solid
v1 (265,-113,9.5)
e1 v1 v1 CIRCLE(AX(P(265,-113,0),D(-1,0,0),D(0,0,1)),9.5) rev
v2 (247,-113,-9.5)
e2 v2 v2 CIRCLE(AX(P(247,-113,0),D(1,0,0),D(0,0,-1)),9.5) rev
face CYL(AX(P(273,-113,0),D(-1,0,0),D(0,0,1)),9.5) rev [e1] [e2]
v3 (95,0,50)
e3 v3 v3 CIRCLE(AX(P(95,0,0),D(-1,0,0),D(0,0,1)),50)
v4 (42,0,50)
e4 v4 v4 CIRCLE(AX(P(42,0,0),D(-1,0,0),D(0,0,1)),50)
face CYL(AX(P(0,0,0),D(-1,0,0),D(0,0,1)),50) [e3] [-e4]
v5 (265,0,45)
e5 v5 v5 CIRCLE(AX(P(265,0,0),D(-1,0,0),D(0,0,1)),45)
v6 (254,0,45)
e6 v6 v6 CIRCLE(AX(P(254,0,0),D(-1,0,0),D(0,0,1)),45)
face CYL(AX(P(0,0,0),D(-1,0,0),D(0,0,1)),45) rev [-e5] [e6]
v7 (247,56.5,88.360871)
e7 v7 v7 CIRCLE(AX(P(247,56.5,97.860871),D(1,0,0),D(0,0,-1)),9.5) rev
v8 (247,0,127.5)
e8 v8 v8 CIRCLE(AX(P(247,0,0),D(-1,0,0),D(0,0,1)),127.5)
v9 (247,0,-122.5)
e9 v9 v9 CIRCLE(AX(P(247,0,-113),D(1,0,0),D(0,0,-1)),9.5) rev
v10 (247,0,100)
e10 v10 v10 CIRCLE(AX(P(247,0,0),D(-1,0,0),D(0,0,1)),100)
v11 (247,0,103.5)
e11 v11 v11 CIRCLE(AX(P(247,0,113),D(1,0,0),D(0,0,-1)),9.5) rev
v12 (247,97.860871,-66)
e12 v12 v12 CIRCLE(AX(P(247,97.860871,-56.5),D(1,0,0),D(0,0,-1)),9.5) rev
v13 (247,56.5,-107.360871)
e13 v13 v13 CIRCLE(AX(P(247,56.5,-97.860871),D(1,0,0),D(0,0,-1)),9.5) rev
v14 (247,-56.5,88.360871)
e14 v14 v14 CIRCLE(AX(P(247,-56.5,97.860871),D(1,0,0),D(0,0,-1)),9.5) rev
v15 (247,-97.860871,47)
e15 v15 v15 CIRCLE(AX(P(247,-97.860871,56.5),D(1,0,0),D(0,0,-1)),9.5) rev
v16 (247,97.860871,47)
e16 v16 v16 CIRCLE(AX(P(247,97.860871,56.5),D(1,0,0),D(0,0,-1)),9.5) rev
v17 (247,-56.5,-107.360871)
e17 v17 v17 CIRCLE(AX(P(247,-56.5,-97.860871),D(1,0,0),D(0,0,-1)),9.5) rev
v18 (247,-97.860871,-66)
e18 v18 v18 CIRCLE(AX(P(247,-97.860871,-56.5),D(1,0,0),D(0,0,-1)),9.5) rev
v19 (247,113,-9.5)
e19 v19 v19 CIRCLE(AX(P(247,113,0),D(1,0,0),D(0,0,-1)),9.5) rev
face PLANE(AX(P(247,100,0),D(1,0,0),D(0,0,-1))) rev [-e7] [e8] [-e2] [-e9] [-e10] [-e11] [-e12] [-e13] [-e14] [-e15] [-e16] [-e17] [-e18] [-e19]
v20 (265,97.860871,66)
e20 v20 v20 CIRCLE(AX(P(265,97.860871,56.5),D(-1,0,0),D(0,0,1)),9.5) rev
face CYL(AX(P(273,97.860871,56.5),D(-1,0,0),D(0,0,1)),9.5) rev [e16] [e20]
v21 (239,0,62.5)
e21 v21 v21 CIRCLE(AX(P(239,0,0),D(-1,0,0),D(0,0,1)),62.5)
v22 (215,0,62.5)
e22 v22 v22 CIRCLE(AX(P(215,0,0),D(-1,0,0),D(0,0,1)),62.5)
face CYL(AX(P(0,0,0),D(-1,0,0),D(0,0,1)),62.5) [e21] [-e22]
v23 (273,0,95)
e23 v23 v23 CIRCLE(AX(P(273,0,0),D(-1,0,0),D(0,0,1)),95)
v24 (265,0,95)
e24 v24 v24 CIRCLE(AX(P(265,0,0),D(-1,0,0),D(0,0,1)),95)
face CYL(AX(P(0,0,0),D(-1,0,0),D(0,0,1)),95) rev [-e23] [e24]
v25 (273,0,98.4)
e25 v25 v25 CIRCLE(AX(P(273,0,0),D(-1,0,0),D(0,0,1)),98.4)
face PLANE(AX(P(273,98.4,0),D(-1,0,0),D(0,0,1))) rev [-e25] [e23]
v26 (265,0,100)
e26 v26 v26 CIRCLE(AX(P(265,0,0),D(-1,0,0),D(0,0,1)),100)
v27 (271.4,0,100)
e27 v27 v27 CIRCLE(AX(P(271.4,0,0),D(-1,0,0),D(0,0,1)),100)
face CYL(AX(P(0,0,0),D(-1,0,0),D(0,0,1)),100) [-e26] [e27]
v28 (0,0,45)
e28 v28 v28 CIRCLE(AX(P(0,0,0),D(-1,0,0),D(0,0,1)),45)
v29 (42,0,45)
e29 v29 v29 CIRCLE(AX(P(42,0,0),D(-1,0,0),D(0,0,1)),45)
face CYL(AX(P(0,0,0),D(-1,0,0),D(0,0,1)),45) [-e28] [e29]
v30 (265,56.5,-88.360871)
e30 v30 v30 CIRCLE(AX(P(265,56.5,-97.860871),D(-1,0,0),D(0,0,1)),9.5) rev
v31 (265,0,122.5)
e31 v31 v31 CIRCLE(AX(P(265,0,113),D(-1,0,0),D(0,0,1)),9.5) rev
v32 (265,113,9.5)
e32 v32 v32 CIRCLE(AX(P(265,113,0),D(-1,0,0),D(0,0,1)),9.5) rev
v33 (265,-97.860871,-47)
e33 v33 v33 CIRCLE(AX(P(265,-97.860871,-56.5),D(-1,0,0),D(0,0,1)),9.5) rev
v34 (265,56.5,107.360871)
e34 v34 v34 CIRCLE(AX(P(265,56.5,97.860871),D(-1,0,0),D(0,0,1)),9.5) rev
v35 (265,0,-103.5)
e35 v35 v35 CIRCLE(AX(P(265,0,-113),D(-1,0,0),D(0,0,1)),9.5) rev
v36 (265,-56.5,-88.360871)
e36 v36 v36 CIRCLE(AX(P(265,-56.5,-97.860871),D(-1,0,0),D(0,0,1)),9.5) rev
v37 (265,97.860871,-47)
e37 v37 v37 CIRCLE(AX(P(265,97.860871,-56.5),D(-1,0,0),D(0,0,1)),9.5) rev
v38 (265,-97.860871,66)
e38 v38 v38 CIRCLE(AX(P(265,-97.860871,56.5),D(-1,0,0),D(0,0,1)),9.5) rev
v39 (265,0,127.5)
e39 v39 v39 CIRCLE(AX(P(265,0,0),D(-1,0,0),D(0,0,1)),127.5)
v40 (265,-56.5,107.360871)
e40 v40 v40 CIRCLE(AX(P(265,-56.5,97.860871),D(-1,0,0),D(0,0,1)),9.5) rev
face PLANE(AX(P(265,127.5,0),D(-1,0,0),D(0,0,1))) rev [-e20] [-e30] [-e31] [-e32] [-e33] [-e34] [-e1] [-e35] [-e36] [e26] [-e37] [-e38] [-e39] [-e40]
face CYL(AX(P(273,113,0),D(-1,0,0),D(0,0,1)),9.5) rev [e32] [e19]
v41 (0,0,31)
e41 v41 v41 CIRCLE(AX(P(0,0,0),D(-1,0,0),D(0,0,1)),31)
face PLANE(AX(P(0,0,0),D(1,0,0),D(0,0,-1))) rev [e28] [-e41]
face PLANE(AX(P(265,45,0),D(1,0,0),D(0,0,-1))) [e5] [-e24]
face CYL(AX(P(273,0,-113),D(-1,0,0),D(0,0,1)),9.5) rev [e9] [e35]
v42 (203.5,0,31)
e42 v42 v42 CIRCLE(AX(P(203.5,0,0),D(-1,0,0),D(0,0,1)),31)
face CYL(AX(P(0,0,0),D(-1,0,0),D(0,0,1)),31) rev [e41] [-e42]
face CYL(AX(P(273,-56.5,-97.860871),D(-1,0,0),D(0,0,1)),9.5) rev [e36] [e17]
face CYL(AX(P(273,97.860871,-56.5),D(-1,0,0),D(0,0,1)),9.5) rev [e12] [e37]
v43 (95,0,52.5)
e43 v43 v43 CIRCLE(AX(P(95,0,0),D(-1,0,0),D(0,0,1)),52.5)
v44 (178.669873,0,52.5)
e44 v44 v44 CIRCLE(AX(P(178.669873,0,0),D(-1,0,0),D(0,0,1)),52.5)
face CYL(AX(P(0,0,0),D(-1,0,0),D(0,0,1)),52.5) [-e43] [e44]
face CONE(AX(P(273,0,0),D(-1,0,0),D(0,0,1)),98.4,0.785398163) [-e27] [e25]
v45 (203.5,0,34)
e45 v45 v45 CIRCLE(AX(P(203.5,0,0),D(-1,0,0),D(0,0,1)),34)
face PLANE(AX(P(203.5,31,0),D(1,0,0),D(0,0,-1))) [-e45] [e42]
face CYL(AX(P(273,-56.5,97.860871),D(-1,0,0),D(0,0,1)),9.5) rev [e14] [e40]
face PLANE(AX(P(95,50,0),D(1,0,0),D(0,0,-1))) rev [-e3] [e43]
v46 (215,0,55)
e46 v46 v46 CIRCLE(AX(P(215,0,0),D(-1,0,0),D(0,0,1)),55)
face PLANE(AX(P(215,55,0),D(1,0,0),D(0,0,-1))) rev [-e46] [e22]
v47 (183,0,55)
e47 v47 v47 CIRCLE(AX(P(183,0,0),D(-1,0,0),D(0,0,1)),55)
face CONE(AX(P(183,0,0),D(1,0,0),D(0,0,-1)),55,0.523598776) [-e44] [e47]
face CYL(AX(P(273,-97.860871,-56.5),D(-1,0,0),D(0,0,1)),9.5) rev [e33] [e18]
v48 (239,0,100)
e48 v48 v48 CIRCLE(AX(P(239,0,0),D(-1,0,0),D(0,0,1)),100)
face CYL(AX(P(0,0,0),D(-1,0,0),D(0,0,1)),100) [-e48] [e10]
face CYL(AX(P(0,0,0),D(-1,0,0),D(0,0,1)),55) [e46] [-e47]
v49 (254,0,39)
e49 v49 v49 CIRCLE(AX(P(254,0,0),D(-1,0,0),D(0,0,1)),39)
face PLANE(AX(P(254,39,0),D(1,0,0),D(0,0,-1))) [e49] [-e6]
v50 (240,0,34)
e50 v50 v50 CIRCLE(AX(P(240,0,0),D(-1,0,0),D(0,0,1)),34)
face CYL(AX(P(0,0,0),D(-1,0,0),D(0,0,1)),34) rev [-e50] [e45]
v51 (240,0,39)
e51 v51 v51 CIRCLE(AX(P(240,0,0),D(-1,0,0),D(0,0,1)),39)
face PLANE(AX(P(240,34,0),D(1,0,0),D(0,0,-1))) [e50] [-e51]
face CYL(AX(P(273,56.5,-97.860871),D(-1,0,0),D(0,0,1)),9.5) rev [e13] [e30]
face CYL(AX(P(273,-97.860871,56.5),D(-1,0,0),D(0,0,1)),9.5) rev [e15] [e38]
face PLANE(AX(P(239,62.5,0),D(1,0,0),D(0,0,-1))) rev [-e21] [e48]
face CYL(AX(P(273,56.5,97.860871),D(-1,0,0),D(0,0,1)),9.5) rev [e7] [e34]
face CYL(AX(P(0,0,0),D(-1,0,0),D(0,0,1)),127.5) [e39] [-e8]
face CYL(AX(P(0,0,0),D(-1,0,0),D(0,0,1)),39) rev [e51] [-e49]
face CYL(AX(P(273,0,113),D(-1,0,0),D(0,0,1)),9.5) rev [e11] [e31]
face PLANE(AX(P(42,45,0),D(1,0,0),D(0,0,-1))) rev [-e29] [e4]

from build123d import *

# Parameters (mm, degrees)
SKETCH_3_R           = 9.5
CUT_EXTRUDE_1_DEPTH  = 328.171973127
SKETCH_4_R           = 9.5
CUT_EXTRUDE_2_DEPTH  = 328.171973127
SKETCH_5_R           = 9.5
CUT_EXTRUDE_3_DEPTH  = 328.171973127
SKETCH_6_R           = 9.5
CUT_EXTRUDE_4_DEPTH  = 328.171973127
SKETCH_7_R           = 9.5
CUT_EXTRUDE_5_DEPTH  = 328.171973127
SKETCH_8_R           = 9.5
CUT_EXTRUDE_6_DEPTH  = 328.171973127
SKETCH_9_R           = 9.5
CUT_EXTRUDE_7_DEPTH  = 328.171973127
SKETCH_10_R          = 9.5
CUT_EXTRUDE_8_DEPTH  = 328.171973127
SKETCH_11_R          = 9.5
CUT_EXTRUDE_9_DEPTH  = 328.171973127
SKETCH_12_R          = 9.5
CUT_EXTRUDE_10_DEPTH = 328.171973127
SKETCH_13_R          = 9.5
CUT_EXTRUDE_11_DEPTH = 328.171973127
SKETCH_14_R          = 9.5
CUT_EXTRUDE_12_DEPTH = 328.171973127


with BuildPart() as part:
    # Эскиз1 → Повернуть1 (revolve)
    with BuildSketch(Plane.XY, mode=Mode.PRIVATE) as revolve_1_sk:
        Polygon((0, 0), (273, 0), (273, 98.4), (271.4, 100), (265, 100), (265, 127.5), (247, 127.5), (247, 100), (239, 100), (239, 62.5), (215, 62.5), (215, 55), (183, 55), (178.669872981, 52.5), (95, 52.5), (95, 50), (42, 50), (42, 45), (0, 45), align=None)
    revolve(revolve_1_sk.sketch.rotate(Axis((0, 0, 0), (1, 0, 0)), 90), axis=Axis((0, 0, 0), (1, 0, 0)))

    # Эскиз2 → Вырез-Повернуть1 (revolve, cut)
    with BuildSketch(Plane.XY, mode=Mode.PRIVATE) as cut_revolve_1_sk:
        Polygon((0, 0), (273, 0), (273, 95), (265, 95), (265, 45), (254, 45), (254, 39), (240, 39), (240, 34), (203.5, 34), (203.5, 31), (0, 31), align=None)
    revolve(cut_revolve_1_sk.sketch.rotate(Axis((0, 0, 0), (1, 0, 0)), 90), axis=Axis((0, 0, 0), (1, 0, 0)), mode=Mode.SUBTRACT)

    # Эскиз3 → Вырез-Вытянуть1 (cut, through all)
    with BuildSketch(Plane(origin=(0, 0, 0), x_dir=(0, 0, -1), z_dir=(1, 0, 0))):
        with Locations(Location((0, 113, 0), (0, 0, 180))):
            Circle(SKETCH_3_R)
    extrude(amount=CUT_EXTRUDE_1_DEPTH, mode=Mode.SUBTRACT)

    # Эскиз4 → Вырез-Вытянуть2 (cut, through all)
    with BuildSketch(Plane(origin=(0, 0, 0), x_dir=(0, 0, -1), z_dir=(1, 0, 0))):
        with Locations(Location((-56.5, 97.860870628, 0), (0, 0, 180))):
            Circle(SKETCH_4_R)
    extrude(amount=CUT_EXTRUDE_2_DEPTH, mode=Mode.SUBTRACT)

    # Эскиз5 → Вырез-Вытянуть3 (cut, through all)
    with BuildSketch(Plane(origin=(0, 0, 0), x_dir=(0, 0, -1), z_dir=(1, 0, 0))):
        with Locations(Location((-97.860870628, 56.5, 0), (0, 0, 180))):
            Circle(SKETCH_5_R)
    extrude(amount=CUT_EXTRUDE_3_DEPTH, mode=Mode.SUBTRACT)

    # Эскиз6 → Вырез-Вытянуть4 (cut, through all)
    with BuildSketch(Plane(origin=(0, 0, 0), x_dir=(0, 0, -1), z_dir=(1, 0, 0))):
        with Locations(Location((-113, 0, 0), (0, 0, 180))):
            Circle(SKETCH_6_R)
    extrude(amount=CUT_EXTRUDE_4_DEPTH, mode=Mode.SUBTRACT)

    # Эскиз7 → Вырез-Вытянуть5 (cut, through all)
    with BuildSketch(Plane(origin=(0, 0, 0), x_dir=(0, 0, -1), z_dir=(1, 0, 0))):
        with Locations(Location((-97.860870628, -56.5, 0), (0, 0, 180))):
            Circle(SKETCH_7_R)
    extrude(amount=CUT_EXTRUDE_5_DEPTH, mode=Mode.SUBTRACT)

    # Эскиз8 → Вырез-Вытянуть6 (cut, through all)
    with BuildSketch(Plane(origin=(0, 0, 0), x_dir=(0, 0, -1), z_dir=(1, 0, 0))):
        with Locations(Location((-56.5, -97.860870628, 0), (0, 0, 180))):
            Circle(SKETCH_8_R)
    extrude(amount=CUT_EXTRUDE_6_DEPTH, mode=Mode.SUBTRACT)

    # Эскиз9 → Вырез-Вытянуть7 (cut, through all)
    with BuildSketch(Plane(origin=(0, 0, 0), x_dir=(0, 0, -1), z_dir=(1, 0, 0))):
        with Locations(Location((0, -113, 0), (0, 0, 180))):
            Circle(SKETCH_9_R)
    extrude(amount=CUT_EXTRUDE_7_DEPTH, mode=Mode.SUBTRACT)

    # Эскиз10 → Вырез-Вытянуть8 (cut, through all)
    with BuildSketch(Plane(origin=(0, 0, 0), x_dir=(0, 0, -1), z_dir=(1, 0, 0))):
        with Locations(Location((56.5, -97.860870628, 0), (0, 0, 180))):
            Circle(SKETCH_10_R)
    extrude(amount=CUT_EXTRUDE_8_DEPTH, mode=Mode.SUBTRACT)

    # Эскиз11 → Вырез-Вытянуть9 (cut, through all)
    with BuildSketch(Plane(origin=(0, 0, 0), x_dir=(0, 0, -1), z_dir=(1, 0, 0))):
        with Locations(Location((97.860870628, -56.5, 0), (0, 0, 180))):
            Circle(SKETCH_11_R)
    extrude(amount=CUT_EXTRUDE_9_DEPTH, mode=Mode.SUBTRACT)

    # Эскиз12 → Вырез-Вытянуть10 (cut, through all)
    with BuildSketch(Plane(origin=(0, 0, 0), x_dir=(0, 0, -1), z_dir=(1, 0, 0))):
        with Locations(Location((113, 0, 0), (0, 0, 180))):
            Circle(SKETCH_12_R)
    extrude(amount=CUT_EXTRUDE_10_DEPTH, mode=Mode.SUBTRACT)

    # Эскиз13 → Вырез-Вытянуть11 (cut, through all)
    with BuildSketch(Plane(origin=(0, 0, 0), x_dir=(0, 0, -1), z_dir=(1, 0, 0))):
        with Locations(Location((97.860870628, 56.5, 0), (0, 0, 180))):
            Circle(SKETCH_13_R)
    extrude(amount=CUT_EXTRUDE_11_DEPTH, mode=Mode.SUBTRACT)

    # Эскиз14 → Вырез-Вытянуть12 (cut, through all)
    with BuildSketch(Plane(origin=(0, 0, 0), x_dir=(0, 0, -1), z_dir=(1, 0, 0))):
        with Locations(Location((56.5, 97.860870628, 0), (0, 0, 180))):
            Circle(SKETCH_14_R)
    extrude(amount=CUT_EXTRUDE_12_DEPTH, mode=Mode.SUBTRACT)


solid = part.part
